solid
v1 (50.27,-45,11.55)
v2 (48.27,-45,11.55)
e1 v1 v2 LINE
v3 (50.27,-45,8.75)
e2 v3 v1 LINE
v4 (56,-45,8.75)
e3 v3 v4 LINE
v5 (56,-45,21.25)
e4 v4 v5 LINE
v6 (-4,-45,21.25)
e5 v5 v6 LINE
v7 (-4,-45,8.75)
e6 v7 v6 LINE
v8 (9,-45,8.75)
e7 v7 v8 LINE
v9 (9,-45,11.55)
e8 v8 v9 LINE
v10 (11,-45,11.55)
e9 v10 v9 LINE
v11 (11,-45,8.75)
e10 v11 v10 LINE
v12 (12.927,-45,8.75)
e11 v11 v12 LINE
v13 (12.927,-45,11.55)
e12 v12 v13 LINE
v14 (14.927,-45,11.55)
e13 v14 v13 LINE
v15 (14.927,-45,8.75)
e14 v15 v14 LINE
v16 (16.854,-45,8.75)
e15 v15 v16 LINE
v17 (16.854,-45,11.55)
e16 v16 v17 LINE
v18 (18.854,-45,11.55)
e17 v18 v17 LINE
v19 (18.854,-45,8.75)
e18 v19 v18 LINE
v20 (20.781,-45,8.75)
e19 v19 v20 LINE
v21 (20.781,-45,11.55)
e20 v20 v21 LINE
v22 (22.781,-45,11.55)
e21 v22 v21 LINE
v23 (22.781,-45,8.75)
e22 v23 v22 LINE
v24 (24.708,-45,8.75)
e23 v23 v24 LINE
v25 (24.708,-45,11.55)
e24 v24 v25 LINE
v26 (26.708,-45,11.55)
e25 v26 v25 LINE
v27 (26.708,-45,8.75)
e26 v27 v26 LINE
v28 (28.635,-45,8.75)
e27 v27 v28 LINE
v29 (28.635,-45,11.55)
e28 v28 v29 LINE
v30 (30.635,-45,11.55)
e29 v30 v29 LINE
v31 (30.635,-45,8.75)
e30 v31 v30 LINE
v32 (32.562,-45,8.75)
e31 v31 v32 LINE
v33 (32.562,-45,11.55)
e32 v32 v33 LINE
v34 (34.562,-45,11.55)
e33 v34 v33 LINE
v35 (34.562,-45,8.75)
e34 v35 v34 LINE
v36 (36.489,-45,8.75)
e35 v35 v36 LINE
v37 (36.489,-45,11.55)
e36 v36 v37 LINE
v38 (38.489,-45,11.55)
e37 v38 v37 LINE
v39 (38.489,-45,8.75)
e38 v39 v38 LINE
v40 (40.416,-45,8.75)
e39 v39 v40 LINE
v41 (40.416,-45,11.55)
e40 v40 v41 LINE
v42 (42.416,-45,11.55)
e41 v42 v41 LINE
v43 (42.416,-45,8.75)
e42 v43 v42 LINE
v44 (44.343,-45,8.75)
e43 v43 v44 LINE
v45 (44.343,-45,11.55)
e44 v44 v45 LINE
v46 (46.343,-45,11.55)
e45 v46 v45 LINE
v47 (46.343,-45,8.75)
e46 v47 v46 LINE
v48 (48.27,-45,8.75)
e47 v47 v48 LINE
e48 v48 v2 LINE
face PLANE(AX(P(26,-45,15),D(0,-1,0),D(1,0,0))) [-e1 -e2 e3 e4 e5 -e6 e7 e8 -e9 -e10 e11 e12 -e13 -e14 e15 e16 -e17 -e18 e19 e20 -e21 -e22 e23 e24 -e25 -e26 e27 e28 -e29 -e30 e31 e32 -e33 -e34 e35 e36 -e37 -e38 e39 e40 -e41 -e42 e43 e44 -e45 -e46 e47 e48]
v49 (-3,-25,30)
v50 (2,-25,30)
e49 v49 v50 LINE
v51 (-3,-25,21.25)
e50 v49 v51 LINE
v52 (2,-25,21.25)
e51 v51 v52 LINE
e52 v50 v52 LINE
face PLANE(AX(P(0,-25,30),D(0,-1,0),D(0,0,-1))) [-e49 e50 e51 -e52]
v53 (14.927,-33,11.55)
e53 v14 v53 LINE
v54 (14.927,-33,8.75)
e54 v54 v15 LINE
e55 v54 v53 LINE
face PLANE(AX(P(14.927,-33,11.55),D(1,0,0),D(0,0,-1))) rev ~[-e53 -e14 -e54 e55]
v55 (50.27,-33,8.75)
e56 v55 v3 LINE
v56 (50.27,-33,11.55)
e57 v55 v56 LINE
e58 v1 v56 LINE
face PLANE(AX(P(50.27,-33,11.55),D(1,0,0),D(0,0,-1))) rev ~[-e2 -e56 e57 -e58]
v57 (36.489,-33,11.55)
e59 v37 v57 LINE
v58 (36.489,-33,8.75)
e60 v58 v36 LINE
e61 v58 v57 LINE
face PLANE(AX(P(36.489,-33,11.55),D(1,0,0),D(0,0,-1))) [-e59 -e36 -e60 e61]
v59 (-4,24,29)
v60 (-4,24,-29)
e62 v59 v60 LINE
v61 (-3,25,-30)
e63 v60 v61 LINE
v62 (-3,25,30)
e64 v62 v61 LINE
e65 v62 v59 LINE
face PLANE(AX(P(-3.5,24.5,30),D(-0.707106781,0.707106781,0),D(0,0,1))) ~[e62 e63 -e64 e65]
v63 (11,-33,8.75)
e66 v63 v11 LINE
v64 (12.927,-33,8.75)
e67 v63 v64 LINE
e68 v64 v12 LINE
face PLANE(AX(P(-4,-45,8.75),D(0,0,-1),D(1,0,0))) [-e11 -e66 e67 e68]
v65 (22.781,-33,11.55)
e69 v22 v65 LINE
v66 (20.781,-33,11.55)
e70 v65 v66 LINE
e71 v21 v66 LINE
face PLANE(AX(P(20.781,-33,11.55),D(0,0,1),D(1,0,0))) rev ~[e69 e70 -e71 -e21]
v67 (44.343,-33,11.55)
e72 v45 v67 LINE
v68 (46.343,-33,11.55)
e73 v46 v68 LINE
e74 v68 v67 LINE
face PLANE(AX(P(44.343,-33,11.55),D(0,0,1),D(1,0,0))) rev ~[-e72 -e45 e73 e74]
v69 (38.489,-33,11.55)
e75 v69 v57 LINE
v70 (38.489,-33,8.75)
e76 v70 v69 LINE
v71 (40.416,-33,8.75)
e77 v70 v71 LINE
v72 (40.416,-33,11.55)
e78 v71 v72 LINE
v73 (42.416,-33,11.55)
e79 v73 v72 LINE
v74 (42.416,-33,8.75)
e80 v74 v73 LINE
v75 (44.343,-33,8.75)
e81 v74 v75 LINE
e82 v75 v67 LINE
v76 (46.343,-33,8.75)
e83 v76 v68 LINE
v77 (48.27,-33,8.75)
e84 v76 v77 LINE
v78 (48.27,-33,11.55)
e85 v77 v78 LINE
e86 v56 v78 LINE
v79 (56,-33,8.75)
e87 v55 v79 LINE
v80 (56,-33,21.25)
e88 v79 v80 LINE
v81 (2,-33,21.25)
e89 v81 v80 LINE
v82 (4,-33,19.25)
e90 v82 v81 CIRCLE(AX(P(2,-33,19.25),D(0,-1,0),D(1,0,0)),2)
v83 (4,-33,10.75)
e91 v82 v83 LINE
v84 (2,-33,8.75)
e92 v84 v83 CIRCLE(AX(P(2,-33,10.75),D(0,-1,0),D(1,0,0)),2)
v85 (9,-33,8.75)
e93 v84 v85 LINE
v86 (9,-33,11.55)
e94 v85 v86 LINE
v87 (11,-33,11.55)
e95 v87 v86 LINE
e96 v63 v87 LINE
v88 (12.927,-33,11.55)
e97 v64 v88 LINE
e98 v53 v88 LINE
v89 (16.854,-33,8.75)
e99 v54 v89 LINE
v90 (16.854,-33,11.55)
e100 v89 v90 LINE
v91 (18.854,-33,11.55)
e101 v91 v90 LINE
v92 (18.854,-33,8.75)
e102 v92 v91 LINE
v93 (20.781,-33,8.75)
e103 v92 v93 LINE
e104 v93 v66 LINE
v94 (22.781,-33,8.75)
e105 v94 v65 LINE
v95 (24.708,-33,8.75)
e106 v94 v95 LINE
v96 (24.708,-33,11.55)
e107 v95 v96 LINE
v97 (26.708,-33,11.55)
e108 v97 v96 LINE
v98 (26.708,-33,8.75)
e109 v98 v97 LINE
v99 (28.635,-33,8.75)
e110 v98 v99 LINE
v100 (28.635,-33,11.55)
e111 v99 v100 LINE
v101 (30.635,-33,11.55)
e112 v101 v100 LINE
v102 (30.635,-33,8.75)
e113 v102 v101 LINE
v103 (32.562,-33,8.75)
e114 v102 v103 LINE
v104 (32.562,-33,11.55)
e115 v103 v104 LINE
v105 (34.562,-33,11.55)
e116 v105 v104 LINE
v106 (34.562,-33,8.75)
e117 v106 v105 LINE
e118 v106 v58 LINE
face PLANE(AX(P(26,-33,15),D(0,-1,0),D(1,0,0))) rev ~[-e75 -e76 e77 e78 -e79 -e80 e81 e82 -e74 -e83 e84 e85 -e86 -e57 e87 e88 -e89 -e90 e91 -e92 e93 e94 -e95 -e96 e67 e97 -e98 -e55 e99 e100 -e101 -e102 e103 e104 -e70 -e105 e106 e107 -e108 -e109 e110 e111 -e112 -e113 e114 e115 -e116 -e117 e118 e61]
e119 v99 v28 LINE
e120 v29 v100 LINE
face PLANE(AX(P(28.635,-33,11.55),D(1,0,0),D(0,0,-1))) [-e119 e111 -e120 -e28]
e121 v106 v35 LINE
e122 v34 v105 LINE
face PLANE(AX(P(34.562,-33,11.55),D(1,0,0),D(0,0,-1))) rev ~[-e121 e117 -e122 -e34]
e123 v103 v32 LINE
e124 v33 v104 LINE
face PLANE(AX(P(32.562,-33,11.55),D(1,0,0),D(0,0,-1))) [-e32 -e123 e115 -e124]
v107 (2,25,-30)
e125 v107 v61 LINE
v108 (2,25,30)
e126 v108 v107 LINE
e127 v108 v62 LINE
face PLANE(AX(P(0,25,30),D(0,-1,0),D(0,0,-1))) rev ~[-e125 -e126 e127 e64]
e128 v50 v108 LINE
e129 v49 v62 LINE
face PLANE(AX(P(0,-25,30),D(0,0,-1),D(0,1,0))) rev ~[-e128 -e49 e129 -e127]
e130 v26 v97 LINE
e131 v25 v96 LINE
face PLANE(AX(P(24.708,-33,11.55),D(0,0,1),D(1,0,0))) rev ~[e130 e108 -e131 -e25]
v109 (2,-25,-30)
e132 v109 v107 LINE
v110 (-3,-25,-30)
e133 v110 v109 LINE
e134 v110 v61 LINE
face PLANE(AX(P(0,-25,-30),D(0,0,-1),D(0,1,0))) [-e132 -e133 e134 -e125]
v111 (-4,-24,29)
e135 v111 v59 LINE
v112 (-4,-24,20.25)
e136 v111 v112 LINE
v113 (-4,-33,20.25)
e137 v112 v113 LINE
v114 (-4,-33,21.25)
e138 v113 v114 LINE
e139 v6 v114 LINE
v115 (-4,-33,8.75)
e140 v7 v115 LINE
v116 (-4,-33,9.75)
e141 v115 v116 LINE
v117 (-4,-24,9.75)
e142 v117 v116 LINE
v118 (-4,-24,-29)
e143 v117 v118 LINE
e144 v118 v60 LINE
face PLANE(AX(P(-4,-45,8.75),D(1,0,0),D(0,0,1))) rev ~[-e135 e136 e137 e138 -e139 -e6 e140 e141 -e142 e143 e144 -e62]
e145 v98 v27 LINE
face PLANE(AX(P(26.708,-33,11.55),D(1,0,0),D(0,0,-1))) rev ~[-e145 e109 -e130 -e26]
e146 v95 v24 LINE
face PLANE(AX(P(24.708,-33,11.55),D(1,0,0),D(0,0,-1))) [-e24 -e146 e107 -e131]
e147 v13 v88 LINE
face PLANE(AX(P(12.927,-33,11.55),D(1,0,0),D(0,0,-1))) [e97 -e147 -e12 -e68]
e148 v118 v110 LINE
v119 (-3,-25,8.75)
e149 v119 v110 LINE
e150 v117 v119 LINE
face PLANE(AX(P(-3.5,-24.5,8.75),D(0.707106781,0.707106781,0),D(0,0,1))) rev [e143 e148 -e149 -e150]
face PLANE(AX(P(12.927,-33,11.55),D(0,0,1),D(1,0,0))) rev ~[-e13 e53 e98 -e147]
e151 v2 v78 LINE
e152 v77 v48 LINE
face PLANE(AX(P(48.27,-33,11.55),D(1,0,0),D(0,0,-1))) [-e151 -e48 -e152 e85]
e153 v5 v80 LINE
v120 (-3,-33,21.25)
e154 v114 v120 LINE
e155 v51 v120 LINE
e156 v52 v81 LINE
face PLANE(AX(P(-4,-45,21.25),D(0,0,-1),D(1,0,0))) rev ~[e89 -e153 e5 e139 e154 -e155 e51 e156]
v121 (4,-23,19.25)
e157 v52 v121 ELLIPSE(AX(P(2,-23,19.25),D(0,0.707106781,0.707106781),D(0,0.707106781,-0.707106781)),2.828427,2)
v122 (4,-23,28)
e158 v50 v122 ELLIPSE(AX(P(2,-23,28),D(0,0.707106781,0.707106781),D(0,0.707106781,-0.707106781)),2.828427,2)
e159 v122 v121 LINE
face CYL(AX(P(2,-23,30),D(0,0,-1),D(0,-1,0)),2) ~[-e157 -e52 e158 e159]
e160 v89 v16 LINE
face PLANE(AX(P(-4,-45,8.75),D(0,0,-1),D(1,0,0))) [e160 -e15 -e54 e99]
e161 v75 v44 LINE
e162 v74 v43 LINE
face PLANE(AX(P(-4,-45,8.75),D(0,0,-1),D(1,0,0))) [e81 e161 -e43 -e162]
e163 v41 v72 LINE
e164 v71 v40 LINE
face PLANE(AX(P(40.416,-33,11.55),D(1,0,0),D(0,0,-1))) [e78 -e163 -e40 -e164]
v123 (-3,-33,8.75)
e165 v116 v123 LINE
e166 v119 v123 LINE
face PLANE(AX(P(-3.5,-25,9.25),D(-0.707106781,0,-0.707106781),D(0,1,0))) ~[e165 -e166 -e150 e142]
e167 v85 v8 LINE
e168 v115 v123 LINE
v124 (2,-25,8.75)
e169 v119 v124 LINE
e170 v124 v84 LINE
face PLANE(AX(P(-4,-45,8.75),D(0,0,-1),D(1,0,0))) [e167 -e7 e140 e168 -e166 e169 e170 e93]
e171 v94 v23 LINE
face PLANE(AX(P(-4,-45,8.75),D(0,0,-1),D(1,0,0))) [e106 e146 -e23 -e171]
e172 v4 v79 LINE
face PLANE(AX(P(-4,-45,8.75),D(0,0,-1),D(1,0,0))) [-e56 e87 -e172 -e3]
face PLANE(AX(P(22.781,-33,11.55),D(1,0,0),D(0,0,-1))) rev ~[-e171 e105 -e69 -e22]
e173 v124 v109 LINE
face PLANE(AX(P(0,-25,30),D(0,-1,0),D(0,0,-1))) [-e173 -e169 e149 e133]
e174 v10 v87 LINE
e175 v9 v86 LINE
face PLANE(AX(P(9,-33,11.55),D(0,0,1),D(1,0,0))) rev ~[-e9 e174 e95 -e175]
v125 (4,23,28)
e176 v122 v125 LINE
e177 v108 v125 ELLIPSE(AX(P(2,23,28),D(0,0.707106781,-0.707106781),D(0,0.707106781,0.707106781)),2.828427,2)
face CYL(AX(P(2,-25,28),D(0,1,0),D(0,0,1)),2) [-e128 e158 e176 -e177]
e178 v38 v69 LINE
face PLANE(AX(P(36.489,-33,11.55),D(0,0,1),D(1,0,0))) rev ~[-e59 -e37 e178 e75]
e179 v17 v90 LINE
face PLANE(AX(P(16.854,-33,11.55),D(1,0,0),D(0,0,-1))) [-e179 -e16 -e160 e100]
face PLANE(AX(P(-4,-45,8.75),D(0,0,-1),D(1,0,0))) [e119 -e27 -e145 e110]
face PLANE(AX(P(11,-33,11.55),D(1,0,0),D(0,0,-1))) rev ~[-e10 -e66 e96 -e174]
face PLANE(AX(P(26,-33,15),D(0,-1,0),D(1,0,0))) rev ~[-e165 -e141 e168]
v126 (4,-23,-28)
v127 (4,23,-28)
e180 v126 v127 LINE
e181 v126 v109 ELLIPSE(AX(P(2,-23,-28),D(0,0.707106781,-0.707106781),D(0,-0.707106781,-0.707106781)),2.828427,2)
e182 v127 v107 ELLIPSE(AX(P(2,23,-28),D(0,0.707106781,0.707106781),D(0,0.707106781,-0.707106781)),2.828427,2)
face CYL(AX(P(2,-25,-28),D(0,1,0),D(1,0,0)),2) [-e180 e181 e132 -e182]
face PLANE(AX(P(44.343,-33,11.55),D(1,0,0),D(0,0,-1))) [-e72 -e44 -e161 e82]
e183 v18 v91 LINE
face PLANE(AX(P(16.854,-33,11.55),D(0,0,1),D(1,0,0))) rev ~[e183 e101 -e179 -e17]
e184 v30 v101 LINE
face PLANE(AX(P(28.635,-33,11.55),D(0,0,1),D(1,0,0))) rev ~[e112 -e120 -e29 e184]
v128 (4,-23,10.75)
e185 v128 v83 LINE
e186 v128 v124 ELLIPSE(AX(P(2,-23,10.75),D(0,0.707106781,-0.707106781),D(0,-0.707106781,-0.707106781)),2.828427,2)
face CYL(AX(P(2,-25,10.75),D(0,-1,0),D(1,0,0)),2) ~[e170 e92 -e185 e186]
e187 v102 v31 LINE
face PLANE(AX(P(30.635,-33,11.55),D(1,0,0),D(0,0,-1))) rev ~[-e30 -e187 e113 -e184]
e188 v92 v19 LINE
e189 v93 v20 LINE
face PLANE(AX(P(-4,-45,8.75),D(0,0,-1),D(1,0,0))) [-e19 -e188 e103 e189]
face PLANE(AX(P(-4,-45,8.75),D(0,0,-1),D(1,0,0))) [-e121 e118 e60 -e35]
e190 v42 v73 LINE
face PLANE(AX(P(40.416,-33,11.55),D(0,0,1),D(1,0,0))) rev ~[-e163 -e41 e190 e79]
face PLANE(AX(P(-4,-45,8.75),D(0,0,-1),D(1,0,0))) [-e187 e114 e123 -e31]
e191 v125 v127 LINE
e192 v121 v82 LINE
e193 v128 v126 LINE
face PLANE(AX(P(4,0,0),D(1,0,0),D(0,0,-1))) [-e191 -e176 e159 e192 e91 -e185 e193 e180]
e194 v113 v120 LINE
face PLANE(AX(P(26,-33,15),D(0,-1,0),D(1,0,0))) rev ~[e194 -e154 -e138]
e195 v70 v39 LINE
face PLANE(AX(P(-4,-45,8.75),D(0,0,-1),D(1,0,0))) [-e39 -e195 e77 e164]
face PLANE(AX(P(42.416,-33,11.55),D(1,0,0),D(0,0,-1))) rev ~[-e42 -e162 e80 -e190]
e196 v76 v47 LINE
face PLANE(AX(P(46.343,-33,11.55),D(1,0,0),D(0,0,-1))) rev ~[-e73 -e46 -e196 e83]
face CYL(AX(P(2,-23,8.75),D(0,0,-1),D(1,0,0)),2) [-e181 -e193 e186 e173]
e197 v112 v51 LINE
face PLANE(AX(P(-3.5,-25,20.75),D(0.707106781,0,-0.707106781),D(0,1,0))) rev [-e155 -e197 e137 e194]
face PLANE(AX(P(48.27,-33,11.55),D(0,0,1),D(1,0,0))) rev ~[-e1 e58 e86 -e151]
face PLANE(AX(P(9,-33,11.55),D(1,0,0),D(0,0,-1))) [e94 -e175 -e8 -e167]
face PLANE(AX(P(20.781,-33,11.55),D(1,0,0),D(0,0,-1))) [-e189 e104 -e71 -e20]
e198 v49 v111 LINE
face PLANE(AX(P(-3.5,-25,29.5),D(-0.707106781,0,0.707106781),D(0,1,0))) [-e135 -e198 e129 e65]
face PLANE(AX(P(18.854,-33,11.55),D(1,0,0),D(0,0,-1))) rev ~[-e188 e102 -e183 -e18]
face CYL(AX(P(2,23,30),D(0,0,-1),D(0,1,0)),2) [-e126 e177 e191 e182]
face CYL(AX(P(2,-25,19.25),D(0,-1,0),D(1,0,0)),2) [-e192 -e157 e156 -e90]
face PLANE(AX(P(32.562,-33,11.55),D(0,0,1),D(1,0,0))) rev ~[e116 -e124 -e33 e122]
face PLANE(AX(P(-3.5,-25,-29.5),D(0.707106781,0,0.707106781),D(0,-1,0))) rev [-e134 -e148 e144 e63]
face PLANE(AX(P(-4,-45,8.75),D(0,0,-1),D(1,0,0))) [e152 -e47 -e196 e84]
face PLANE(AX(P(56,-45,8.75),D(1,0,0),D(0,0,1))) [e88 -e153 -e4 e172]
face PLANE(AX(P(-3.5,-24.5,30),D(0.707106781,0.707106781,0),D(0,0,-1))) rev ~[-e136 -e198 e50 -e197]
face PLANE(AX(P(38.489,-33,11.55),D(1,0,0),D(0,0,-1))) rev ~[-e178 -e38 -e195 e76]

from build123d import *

# Parameters (mm, degrees)
SKETCH2_W           = 60
SKETCH2_H           = 50
BOSS_EXTRUDE1_DEPTH = 4
SKETCH3_W           = 8
SKETCH3_H           = 12.5
BOSS_EXTRUDE2_DEPTH = 20
FILLET2_R           = 2
CHAMFER2_SIZE       = 1
SKETCH4_W           = 60
SKETCH4_H           = 12.5
BOSS_EXTRUDE4_DEPTH = 12
SKETCH10_W          = 2
SKETCH10_H          = 2.8
CUT_EXTRUDE1_DEPTH  = 87.02325267
LPATTERN5_COUNT     = 11
LPATTERN5_PITCH     = 3.927


with BuildPart() as part:
    # Sketch2 → Boss-Extrude1 (new, symmetric)
    with BuildSketch(Plane(origin=(0, 0, 0), x_dir=(0, 0, -1), z_dir=(1, 0, 0))):
        Rectangle(SKETCH2_W, SKETCH2_H)
    extrude(amount=BOSS_EXTRUDE1_DEPTH, both=True)

    # Sketch3 → Boss-Extrude2 (add)
    with BuildSketch(Plane.XZ.offset(25)):
        with Locations((0, 15)):
            Rectangle(SKETCH3_W, SKETCH3_H)
    extrude(amount=BOSS_EXTRUDE2_DEPTH)

    # Fillet2
    fillet2_edges = [part.edges().sort_by_distance(p)[0] for p in [
        (4, 0, 30),
        (4, -25, -10.625),
        (4, -25, 25.625),
        (4, -35, 8.75),
        (4, -35, 21.25),
        (4, -45, 15),
        (4, 0, -30),
        (4, 25, 0),
    ]]
    fillet(fillet2_edges, radius=FILLET2_R)

    # Chamfer2
    chamfer2_edges = [part.edges().sort_by_distance(p)[0] for p in [
        (-4, -25, -10.625),
        (-4, -35, 21.25),
        (-4, -35, 8.75),
        (-4, -45, 15),
        (-4, -25, 25.625),
        (-4, 0, 30),
        (-4, 25, 0),
        (-4, 0, -30),
    ]]
    chamfer(chamfer2_edges, length=CHAMFER2_SIZE)

    # Sketch4 → Boss-Extrude4 (add)
    with BuildSketch(Plane.XZ.offset(45)):
        with Locations((26, 15)):
            Rectangle(SKETCH4_W, SKETCH4_H)
    extrude(amount=-BOSS_EXTRUDE4_DEPTH)

    # Sketch10 → Cut-Extrude1 (cut, symmetric)
    with BuildSketch(Plane(origin=(0, -33, 0), x_dir=(1, 0, 0), z_dir=(0, 1, 0))):
        with Locations((10, -10.15)):
            Rectangle(SKETCH10_W, SKETCH10_H)
    cut_extrude1 = extrude(amount=CUT_EXTRUDE1_DEPTH, both=True, mode=Mode.SUBTRACT)

    # LPattern5: Cut-Extrude1 ×11
    with Locations(*[(i * LPATTERN5_PITCH, 0, 0) for i in range(1, LPATTERN5_COUNT)]):
        add(cut_extrude1, mode=Mode.SUBTRACT)


solid = part.part
